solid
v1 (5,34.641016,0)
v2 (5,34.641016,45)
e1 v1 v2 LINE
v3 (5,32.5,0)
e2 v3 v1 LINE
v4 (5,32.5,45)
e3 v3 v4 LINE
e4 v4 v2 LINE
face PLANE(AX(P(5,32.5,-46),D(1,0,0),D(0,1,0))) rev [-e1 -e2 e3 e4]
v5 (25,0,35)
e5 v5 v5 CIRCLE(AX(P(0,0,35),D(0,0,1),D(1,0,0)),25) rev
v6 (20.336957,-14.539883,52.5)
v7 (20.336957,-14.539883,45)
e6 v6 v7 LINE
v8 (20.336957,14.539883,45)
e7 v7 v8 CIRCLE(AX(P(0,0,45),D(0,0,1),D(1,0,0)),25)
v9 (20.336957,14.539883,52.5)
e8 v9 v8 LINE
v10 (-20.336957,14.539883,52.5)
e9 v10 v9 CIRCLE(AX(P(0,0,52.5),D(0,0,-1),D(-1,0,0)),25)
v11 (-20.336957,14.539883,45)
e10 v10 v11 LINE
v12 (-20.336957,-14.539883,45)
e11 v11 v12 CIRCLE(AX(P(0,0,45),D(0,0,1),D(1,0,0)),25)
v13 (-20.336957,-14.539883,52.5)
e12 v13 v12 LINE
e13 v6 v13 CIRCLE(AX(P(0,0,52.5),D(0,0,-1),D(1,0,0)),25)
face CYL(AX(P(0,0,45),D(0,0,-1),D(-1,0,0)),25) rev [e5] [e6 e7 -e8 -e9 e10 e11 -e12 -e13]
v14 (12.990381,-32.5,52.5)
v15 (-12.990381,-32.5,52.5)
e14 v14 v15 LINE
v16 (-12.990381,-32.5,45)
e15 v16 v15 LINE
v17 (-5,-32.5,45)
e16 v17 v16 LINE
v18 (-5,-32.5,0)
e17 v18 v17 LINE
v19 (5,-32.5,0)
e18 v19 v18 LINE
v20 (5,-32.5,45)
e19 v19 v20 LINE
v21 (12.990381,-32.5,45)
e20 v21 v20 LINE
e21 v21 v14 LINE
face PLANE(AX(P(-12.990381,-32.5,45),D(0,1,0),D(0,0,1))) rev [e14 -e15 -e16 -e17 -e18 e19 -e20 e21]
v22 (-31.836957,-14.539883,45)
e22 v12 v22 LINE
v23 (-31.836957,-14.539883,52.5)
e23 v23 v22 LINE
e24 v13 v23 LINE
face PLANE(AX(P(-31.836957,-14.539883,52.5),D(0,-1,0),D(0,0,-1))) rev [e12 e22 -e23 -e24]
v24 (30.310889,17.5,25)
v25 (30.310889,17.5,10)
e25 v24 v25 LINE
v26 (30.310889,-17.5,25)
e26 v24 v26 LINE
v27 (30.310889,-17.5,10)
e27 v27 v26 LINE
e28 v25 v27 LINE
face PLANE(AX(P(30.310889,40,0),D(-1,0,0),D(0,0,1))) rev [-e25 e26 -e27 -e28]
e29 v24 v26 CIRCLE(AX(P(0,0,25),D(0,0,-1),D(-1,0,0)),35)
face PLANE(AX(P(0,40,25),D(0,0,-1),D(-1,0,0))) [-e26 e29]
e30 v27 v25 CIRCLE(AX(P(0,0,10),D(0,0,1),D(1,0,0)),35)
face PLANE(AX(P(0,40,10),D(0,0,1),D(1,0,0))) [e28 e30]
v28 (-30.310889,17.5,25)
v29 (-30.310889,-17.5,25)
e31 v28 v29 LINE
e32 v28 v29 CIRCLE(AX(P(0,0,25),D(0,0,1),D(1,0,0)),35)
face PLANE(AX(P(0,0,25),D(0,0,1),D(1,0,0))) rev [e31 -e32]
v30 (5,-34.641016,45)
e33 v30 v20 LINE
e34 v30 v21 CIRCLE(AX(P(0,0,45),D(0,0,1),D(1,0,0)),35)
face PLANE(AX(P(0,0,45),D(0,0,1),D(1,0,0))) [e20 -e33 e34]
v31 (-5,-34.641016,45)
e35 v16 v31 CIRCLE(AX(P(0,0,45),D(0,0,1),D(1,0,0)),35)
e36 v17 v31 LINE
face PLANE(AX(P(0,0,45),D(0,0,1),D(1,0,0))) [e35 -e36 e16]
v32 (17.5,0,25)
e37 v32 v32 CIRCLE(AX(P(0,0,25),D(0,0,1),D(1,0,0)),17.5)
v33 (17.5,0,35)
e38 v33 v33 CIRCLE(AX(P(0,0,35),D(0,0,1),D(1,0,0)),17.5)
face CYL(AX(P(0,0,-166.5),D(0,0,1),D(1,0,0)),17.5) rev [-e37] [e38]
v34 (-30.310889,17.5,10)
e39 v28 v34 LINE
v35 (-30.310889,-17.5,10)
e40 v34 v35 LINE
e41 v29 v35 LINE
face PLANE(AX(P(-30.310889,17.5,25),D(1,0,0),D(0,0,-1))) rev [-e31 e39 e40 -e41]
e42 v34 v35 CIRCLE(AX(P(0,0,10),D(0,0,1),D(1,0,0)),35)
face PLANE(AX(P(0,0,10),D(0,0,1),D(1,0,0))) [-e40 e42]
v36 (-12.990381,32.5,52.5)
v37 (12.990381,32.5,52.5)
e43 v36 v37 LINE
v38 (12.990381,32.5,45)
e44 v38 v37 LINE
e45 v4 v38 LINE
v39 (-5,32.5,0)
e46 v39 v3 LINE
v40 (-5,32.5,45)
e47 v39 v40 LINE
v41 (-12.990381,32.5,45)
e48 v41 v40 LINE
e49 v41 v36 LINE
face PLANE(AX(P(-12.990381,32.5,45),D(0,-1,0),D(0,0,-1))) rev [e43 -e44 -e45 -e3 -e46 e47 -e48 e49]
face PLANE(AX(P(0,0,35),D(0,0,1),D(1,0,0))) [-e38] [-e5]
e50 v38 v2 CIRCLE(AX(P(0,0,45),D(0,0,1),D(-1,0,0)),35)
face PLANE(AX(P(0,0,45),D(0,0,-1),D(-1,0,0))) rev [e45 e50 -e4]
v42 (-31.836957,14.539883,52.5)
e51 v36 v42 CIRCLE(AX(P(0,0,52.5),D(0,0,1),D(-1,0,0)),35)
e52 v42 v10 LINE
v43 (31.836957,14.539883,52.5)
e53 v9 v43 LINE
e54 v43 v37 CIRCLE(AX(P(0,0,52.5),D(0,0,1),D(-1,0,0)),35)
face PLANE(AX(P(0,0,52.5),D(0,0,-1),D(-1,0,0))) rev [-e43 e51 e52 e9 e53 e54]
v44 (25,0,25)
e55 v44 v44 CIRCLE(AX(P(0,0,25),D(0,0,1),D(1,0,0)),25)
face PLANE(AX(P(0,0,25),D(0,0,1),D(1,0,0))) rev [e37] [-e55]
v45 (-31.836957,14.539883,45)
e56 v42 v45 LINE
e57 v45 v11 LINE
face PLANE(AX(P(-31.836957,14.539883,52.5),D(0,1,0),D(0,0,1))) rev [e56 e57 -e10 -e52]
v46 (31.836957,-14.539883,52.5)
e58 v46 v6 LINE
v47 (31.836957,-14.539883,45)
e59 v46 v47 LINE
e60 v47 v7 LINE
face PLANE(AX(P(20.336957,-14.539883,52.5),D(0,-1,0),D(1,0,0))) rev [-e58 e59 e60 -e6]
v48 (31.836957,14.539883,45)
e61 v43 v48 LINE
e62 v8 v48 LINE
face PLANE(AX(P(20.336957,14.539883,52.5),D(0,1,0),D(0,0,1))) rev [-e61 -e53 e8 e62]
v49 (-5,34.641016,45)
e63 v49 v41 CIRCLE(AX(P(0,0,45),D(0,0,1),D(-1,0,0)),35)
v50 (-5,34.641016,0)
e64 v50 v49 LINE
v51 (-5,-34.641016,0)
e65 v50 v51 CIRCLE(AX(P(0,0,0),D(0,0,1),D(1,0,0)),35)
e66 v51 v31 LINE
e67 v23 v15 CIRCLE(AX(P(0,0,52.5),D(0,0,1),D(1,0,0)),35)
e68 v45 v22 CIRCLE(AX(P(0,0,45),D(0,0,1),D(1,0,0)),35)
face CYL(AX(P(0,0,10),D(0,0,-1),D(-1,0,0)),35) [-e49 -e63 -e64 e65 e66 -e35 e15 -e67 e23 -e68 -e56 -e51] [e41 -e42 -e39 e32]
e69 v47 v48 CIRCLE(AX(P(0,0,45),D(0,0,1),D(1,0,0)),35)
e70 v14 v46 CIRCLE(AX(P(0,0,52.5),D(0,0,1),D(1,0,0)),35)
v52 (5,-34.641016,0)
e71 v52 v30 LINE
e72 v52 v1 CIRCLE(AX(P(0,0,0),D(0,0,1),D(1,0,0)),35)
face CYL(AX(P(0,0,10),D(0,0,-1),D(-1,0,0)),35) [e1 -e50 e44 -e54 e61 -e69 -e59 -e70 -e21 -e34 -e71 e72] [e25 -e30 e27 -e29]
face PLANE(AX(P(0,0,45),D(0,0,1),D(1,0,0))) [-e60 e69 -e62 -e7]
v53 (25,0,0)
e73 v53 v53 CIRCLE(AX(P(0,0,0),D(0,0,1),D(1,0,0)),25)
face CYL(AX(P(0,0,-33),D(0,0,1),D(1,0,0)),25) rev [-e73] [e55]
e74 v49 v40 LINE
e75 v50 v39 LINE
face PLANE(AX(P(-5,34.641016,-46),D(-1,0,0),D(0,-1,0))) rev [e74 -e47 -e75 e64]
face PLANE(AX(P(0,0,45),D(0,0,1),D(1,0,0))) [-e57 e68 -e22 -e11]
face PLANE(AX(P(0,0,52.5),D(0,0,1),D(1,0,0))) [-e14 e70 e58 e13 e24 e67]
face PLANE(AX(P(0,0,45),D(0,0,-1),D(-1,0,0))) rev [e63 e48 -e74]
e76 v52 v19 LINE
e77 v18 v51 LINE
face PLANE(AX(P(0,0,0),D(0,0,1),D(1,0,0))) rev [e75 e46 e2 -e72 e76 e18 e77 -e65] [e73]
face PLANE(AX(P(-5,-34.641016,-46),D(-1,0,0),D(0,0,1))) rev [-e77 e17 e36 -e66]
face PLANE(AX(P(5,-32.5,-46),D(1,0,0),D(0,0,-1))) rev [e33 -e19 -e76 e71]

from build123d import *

# Parameters (mm, degrees)
SKETCH1_R                = 35
BOSS_EXTRUDE1_DEPTH      = 10
BOSS_EXTRUDE3_DEPTH      = 15
SKETCH3_R                = 25
CUT_EXTRUDE1_DEPTH       = 58
SKETCH4_R                = 35
BOSS_EXTRUDE5_DEPTH      = 10
SKETCH8_R                = 17.5
CUT_EXTRUDE4_DEPTH       = 201.5
SKETCH9_R                = 35
SKETCH9_R_2              = 25
BOSS_EXTRUDE7_DEPTH      = 10
BOSS_EXTRUDE8_DEPTH      = 7.5
CUT_EXTRUDE5_DEPTH       = 7.5
CUT_EXTRUDE15_DEPTH      = 91
CUT_EXTRUDE16_DEPTH      = 91
SKETCH21_W               = 4.689110868
SKETCH21_H               = 15
CUT_EXTRUDE17_DEPTH      = 40
CUT_EXTRUDE17_DEPTH_BACK = 30


with BuildPart() as part:
    # Sketch1 → Boss-Extrude1 (new body)
    with BuildSketch(Plane.XY):
        Circle(SKETCH1_R)
    extrude(amount=BOSS_EXTRUDE1_DEPTH)

    # Sketch2 → Boss-Extrude3 (add)
    with BuildSketch(Plane.XY.offset(10)):
        with BuildLine():
            Line((-30.310889132, 17.5), (-30.310889132, -17.5))
            ThreePointArc((-30.310889132, -17.5), (35, 0), (-30.310889132, 17.5))
        make_face()
    extrude(amount=BOSS_EXTRUDE3_DEPTH)

    # Sketch3 → Cut-Extrude1 (cut)
    with BuildSketch(Plane.XY.offset(25)):
        Circle(SKETCH3_R)
    extrude(amount=-CUT_EXTRUDE1_DEPTH, mode=Mode.SUBTRACT)

    # Sketch4 → Boss-Extrude5 (add)
    with BuildSketch(Plane.XY.offset(25)):
        Circle(SKETCH4_R)
    extrude(amount=BOSS_EXTRUDE5_DEPTH)

    # Sketch8 → Cut-Extrude4 (cut)
    with BuildSketch(Plane.XY.offset(35)):
        Circle(SKETCH8_R)
    extrude(amount=-CUT_EXTRUDE4_DEPTH, mode=Mode.SUBTRACT)

    # Sketch9 → Boss-Extrude7 (add)
    with BuildSketch(Plane.XY.offset(35)):
        Circle(SKETCH9_R)
        Circle(SKETCH9_R_2, mode=Mode.SUBTRACT)
    extrude(amount=BOSS_EXTRUDE7_DEPTH)

    # Sketch10 → Boss-Extrude8 (add)
    with BuildSketch(Plane.XY.offset(45)):
        with BuildLine():
            Line((-31.836956522, 14.539883061), (-20.336956522, 14.539883061))
            ThreePointArc((-20.336956522, 14.539883061), (0, 25), (20.336956522, 14.539883061))
            Line((20.336956522, 14.539883061), (31.836956522, 14.539883061))
            ThreePointArc((31.836956522, 14.539883061), (0, 35), (-31.836956522, 14.539883061))
        make_face()
        with BuildLine():
            Line((-31.836956522, -14.539883061), (-20.336956522, -14.539883061))
            ThreePointArc((-20.336956522, -14.539883061), (0, -25), (20.336956522, -14.539883061))
            Line((20.336956522, -14.539883061), (31.836956522, -14.539883061))
            ThreePointArc((31.836956522, -14.539883061), (0, -35), (-31.836956522, -14.539883061))
        make_face()
    extrude(amount=BOSS_EXTRUDE8_DEPTH)

    # Sketch11 → Cut-Extrude5 (cut)
    with BuildSketch(Plane.XY.offset(52.5)):
        with BuildLine():
            Line((-12.990381057, -32.5), (12.990381057, -32.5))
            ThreePointArc((12.990381057, -32.5), (0, -35), (-12.990381057, -32.5))
        make_face()
        with BuildLine():
            Line((-12.990381057, 32.5), (12.990381057, 32.5))
            ThreePointArc((12.990381057, 32.5), (0, 35), (-12.990381057, 32.5))
        make_face()
    extrude(amount=-CUT_EXTRUDE5_DEPTH, mode=Mode.SUBTRACT)

    # Sketch19 → Cut-Extrude15 (cut)
    with BuildSketch(Plane.XY.offset(45)):
        with BuildLine():
            Line((-5, 34.641016151), (-5, 32.5))
            Line((-5, 32.5), (5, 32.5))
            Line((5, 32.5), (5, 34.641016151))
            ThreePointArc((5, 34.641016151), (0, 35), (-5, 34.641016151))
        make_face()
    extrude(amount=-CUT_EXTRUDE15_DEPTH, mode=Mode.SUBTRACT)

    # Sketch20 → Cut-Extrude16 (cut)
    with BuildSketch(Plane.XY.offset(45)):
        with BuildLine():
            Line((-5, -34.641016151), (-5, -32.5))
            Line((-5, -32.5), (5, -32.5))
            Line((5, -32.5), (5, -34.641016151))
            ThreePointArc((5, -34.641016151), (0, -35), (-5, -34.641016151))
        make_face()
    extrude(amount=-CUT_EXTRUDE16_DEPTH, mode=Mode.SUBTRACT)

    # Sketch21 → Cut-Extrude17 (cut, two sides)
    with BuildSketch(Plane(origin=(0, 0, 0), x_dir=(1, 0, 0), z_dir=(0, 1, 0))) as cut_extrude17_sk:
        with Locations((32.655444566, -17.5)):
            Rectangle(SKETCH21_W, SKETCH21_H)
    extrude(amount=CUT_EXTRUDE17_DEPTH, mode=Mode.SUBTRACT)
    extrude(cut_extrude17_sk.sketch, amount=-CUT_EXTRUDE17_DEPTH_BACK, mode=Mode.SUBTRACT)


solid = part.part
